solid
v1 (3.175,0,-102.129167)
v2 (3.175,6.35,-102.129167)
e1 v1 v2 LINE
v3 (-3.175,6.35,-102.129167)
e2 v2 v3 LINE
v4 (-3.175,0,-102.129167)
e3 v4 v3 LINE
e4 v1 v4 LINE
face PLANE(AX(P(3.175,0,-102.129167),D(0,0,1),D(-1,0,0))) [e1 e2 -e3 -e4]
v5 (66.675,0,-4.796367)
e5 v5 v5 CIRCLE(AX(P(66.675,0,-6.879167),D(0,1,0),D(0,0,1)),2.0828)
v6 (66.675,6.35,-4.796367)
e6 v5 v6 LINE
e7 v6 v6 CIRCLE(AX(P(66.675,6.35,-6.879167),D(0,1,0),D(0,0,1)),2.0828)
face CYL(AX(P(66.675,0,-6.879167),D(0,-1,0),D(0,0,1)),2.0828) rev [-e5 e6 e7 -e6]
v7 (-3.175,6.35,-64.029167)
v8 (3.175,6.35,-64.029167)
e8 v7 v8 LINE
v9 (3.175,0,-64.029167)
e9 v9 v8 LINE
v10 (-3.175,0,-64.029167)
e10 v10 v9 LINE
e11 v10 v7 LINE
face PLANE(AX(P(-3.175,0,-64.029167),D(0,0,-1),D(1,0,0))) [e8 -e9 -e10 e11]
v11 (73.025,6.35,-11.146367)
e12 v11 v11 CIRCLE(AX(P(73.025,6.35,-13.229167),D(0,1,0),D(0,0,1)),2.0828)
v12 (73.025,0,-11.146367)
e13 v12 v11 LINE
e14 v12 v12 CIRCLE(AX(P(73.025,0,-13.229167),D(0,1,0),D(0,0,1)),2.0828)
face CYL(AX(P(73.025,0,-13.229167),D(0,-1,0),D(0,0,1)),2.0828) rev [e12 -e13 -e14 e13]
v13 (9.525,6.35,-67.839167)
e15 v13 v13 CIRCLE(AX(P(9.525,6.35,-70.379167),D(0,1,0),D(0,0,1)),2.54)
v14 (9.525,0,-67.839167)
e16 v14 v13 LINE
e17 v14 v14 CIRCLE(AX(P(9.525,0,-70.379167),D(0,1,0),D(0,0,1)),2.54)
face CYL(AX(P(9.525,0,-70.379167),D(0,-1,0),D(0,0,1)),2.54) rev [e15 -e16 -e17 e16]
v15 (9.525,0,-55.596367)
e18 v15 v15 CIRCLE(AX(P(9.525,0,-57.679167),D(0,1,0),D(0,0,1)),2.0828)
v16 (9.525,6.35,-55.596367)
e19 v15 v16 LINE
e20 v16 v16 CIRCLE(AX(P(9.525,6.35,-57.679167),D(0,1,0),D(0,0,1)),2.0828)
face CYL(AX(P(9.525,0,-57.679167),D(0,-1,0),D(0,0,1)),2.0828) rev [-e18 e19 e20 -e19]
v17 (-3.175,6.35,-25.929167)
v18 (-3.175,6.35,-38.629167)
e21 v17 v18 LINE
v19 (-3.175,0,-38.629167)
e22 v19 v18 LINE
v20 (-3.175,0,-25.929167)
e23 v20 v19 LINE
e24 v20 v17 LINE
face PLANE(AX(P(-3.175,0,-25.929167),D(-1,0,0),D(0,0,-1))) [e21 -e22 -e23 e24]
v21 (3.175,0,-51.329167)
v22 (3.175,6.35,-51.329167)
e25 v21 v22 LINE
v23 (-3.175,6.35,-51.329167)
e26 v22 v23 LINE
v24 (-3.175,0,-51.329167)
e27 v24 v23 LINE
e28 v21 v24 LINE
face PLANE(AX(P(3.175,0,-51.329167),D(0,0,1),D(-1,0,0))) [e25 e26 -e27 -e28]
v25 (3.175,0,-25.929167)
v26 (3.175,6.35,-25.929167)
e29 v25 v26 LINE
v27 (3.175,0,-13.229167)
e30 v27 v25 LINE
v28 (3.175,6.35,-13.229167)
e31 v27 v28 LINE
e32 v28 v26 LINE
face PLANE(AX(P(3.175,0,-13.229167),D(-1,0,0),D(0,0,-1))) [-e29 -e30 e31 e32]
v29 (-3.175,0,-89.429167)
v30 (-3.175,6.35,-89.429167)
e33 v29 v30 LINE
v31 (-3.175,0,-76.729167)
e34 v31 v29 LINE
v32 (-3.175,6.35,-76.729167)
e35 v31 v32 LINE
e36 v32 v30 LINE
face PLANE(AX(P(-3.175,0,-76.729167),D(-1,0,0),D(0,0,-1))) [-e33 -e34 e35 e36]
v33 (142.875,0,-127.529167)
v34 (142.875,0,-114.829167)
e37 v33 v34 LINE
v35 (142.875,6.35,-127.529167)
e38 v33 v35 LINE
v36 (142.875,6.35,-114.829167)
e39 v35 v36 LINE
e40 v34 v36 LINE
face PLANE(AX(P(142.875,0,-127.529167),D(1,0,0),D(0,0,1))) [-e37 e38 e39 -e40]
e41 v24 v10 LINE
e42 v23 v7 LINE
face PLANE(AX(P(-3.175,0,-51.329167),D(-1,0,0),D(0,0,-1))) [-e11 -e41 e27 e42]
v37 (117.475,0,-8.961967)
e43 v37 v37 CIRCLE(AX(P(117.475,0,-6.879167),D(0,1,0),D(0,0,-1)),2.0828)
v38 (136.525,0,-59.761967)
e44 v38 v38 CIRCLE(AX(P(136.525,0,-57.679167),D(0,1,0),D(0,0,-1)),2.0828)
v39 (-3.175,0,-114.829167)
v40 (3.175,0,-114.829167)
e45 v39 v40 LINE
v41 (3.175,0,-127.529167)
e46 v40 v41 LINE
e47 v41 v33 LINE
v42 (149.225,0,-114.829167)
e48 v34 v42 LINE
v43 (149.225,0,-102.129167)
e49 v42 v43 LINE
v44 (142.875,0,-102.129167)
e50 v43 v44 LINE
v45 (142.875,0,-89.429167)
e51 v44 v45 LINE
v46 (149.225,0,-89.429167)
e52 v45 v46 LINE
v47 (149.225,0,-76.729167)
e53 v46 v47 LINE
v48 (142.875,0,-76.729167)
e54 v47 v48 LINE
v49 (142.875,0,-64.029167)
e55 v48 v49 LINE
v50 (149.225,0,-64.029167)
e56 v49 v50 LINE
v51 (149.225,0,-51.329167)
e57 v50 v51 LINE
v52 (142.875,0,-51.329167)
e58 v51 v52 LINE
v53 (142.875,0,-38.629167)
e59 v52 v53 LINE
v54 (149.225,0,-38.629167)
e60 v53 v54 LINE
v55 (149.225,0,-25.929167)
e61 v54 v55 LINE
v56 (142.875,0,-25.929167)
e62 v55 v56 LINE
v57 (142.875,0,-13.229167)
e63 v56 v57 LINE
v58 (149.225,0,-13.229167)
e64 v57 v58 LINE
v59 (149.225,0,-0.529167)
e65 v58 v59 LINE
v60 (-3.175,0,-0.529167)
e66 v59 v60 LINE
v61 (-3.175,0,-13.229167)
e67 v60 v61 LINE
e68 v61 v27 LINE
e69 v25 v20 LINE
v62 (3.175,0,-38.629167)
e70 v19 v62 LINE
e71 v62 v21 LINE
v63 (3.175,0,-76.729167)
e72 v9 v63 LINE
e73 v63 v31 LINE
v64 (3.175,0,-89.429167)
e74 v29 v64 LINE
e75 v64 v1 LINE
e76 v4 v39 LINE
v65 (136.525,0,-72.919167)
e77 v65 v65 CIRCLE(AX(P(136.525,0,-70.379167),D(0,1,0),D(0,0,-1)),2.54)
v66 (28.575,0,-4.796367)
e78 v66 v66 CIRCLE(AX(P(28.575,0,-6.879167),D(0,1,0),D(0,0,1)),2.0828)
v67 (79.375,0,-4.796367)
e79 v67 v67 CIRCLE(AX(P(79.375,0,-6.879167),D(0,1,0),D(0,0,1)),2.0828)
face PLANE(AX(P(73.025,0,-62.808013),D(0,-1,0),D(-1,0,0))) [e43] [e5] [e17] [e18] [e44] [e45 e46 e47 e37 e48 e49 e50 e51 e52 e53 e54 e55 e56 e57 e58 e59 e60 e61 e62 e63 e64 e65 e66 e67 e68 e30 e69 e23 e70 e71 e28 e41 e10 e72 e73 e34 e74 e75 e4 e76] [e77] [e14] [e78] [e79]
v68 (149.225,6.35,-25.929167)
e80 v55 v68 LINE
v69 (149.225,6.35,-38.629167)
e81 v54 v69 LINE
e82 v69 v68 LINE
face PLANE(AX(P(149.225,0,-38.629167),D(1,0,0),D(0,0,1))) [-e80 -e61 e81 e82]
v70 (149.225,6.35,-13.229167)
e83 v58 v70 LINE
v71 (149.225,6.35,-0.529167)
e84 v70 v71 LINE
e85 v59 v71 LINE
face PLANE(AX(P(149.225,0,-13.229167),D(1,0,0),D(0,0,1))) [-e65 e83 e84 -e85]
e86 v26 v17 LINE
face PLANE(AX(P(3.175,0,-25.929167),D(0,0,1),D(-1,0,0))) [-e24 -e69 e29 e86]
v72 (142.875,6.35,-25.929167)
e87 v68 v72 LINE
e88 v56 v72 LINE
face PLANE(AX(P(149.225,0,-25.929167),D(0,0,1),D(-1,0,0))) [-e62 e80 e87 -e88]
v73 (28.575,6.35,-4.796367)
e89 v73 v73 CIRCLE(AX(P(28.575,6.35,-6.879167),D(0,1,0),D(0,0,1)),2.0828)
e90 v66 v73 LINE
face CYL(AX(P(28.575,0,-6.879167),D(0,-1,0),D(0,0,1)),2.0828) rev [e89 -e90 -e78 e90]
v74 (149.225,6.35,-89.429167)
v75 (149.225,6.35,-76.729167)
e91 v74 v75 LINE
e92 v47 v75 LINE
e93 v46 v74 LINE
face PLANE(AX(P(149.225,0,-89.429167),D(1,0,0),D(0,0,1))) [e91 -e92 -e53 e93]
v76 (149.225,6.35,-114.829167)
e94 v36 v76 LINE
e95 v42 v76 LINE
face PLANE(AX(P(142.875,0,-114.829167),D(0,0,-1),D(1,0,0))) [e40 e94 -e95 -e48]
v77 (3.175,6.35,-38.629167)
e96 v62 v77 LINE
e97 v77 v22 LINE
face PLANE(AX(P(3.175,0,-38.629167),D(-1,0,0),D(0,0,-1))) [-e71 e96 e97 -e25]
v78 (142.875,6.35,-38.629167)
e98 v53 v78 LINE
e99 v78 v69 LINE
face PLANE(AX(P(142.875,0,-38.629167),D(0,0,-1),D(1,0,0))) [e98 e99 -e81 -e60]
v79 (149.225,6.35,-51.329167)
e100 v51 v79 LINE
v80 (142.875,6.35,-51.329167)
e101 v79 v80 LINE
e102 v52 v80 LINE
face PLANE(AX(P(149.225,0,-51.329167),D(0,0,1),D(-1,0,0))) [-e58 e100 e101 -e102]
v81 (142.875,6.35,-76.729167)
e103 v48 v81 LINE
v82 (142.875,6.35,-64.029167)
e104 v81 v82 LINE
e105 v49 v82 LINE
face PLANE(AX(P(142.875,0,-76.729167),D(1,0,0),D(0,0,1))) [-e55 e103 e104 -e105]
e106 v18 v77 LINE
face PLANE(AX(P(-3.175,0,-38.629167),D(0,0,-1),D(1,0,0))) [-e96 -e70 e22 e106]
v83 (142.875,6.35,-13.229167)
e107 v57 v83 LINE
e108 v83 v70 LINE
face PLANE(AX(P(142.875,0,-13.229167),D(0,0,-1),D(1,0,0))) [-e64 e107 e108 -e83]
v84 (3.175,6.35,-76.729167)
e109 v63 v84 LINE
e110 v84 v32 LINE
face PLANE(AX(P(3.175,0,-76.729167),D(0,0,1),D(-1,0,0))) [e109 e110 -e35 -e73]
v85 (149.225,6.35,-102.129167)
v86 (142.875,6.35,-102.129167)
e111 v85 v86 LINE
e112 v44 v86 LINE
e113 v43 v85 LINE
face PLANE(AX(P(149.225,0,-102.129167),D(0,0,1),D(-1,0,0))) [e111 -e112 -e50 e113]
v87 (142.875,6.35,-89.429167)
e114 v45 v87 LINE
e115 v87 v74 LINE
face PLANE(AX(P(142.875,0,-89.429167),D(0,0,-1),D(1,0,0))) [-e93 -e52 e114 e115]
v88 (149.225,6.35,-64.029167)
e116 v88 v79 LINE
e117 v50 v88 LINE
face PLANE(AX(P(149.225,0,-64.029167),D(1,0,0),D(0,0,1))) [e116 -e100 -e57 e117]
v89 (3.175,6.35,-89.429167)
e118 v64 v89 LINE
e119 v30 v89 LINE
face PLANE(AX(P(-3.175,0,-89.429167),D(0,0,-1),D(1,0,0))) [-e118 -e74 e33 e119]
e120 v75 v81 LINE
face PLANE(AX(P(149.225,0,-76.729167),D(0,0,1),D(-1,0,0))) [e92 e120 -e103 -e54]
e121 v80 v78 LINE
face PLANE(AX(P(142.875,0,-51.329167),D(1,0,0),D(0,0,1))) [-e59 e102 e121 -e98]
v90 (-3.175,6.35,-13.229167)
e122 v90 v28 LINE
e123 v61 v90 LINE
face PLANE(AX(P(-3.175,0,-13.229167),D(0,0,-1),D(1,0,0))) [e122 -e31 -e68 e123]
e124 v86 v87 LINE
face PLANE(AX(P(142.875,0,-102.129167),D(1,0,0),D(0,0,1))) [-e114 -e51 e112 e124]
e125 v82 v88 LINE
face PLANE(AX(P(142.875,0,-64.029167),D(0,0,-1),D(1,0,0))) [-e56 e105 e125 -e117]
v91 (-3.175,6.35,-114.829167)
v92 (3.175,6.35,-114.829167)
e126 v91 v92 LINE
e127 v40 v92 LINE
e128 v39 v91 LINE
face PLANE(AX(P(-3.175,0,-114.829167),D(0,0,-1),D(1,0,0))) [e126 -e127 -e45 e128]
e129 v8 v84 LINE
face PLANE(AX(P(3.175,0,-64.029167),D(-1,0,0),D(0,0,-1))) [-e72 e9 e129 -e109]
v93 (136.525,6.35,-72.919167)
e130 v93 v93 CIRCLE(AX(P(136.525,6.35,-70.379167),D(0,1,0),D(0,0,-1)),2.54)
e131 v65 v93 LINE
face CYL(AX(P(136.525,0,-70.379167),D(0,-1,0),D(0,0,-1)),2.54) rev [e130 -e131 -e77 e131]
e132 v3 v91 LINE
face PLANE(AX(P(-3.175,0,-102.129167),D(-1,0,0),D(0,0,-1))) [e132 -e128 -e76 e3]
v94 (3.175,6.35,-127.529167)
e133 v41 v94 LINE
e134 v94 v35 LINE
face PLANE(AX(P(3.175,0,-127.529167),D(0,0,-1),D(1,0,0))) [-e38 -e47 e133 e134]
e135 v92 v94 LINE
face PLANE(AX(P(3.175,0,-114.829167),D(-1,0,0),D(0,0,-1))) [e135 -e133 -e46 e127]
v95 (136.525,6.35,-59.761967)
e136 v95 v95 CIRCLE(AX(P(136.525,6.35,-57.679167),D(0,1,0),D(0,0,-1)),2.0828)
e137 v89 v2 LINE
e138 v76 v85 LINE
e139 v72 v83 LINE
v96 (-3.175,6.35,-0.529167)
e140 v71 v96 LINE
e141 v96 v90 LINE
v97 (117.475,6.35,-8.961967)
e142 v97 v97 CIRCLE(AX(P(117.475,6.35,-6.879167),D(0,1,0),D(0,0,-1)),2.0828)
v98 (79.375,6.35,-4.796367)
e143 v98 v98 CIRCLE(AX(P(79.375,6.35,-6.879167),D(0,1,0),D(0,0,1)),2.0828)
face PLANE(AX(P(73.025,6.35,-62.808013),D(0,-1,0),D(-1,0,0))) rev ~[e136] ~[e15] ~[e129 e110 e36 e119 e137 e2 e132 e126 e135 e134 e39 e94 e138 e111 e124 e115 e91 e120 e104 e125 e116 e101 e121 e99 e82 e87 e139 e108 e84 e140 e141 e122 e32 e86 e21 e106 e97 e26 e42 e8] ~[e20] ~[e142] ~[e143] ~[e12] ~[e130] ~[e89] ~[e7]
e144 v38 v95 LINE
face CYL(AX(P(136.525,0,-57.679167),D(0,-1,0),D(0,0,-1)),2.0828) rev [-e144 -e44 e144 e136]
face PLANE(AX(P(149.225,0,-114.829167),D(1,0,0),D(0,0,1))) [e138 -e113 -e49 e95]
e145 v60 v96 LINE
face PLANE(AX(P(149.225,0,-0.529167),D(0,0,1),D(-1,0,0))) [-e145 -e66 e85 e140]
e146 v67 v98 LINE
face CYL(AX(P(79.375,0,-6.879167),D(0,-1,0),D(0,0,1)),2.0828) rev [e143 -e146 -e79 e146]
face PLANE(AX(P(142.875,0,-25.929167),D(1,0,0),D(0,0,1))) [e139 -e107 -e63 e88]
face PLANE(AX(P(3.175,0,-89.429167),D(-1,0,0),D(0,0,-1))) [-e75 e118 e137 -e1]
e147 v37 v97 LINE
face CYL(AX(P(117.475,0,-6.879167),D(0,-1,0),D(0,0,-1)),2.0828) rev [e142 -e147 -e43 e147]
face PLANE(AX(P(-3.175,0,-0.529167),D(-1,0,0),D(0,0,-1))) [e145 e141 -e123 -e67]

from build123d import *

# Parameters (mm, degrees)
SKETCH2_R           = 2.0828
SKETCH2_R_2         = 2.54
BOSS_EXTRUDE1_DEPTH = 6.35


with BuildPart() as part:
    # Sketch2 → Boss-Extrude1 (new body)
    with BuildSketch(Plane(origin=(0, 0, 0), x_dir=(1, 0, 0), z_dir=(0, 1, 0))):
        Polygon((3.175, 13.229166667), (3.175, 25.929166667), (-3.175, 25.929166667), (-3.175, 38.629166667), (3.175, 38.629166667), (3.175, 51.329166667), (-3.175, 51.329166667), (-3.175, 64.029166667), (3.175, 64.029166667), (3.175, 76.729166667), (-3.175, 76.729166667), (-3.175, 89.429166667), (3.175, 89.429166667), (3.175, 102.129166667), (-3.175, 102.129166667), (-3.175, 114.829166667), (3.175, 114.829166667), (3.175, 127.529166667), (142.875, 127.529166667), (142.875, 114.829166667), (149.225, 114.829166667), (149.225, 102.129166667), (142.875, 102.129166667), (142.875, 89.429166667), (149.225, 89.429166667), (149.225, 76.729166667), (142.875, 76.729166667), (142.875, 64.029166667), (149.225, 64.029166667), (149.225, 51.329166667), (142.875, 51.329166667), (142.875, 38.629166667), (149.225, 38.629166667), (149.225, 25.929166667), (142.875, 25.929166667), (142.875, 13.229166667), (149.225, 13.229166667), (149.225, 0.529166667), (-3.175, 0.529166667), (-3.175, 13.229166667), align=None)
        with Locations(Location((136.525, 57.679166667, 0), (0, 0, 90))):
            Circle(SKETCH2_R, mode=Mode.SUBTRACT)
        with Locations(Location((28.575, 6.879166667, 0), (0, 0, 270))):
            Circle(SKETCH2_R, mode=Mode.SUBTRACT)
        with Locations(Location((9.525, 57.679166667, 0), (0, 0, 270))):
            Circle(SKETCH2_R, mode=Mode.SUBTRACT)
        with Locations(Location((117.475, 6.879166667, 0), (0, 0, 90))):
            Circle(SKETCH2_R, mode=Mode.SUBTRACT)
        with Locations(Location((79.375, 6.879166667, 0), (0, 0, 270))):
            Circle(SKETCH2_R, mode=Mode.SUBTRACT)
        with Locations(Location((73.025, 13.229166667, 0), (0, 0, 270))):
            Circle(SKETCH2_R, mode=Mode.SUBTRACT)
        with Locations(Location((66.675, 6.879166667, 0), (0, 0, 270))):
            Circle(SKETCH2_R, mode=Mode.SUBTRACT)
        with Locations(Location((9.525, 70.379166667, 0), (0, 0, 270))):
            Circle(SKETCH2_R_2, mode=Mode.SUBTRACT)
        with Locations(Location((136.525, 70.379166667, 0), (0, 0, 90))):
            Circle(SKETCH2_R_2, mode=Mode.SUBTRACT)
    extrude(amount=BOSS_EXTRUDE1_DEPTH)


solid = part.part
